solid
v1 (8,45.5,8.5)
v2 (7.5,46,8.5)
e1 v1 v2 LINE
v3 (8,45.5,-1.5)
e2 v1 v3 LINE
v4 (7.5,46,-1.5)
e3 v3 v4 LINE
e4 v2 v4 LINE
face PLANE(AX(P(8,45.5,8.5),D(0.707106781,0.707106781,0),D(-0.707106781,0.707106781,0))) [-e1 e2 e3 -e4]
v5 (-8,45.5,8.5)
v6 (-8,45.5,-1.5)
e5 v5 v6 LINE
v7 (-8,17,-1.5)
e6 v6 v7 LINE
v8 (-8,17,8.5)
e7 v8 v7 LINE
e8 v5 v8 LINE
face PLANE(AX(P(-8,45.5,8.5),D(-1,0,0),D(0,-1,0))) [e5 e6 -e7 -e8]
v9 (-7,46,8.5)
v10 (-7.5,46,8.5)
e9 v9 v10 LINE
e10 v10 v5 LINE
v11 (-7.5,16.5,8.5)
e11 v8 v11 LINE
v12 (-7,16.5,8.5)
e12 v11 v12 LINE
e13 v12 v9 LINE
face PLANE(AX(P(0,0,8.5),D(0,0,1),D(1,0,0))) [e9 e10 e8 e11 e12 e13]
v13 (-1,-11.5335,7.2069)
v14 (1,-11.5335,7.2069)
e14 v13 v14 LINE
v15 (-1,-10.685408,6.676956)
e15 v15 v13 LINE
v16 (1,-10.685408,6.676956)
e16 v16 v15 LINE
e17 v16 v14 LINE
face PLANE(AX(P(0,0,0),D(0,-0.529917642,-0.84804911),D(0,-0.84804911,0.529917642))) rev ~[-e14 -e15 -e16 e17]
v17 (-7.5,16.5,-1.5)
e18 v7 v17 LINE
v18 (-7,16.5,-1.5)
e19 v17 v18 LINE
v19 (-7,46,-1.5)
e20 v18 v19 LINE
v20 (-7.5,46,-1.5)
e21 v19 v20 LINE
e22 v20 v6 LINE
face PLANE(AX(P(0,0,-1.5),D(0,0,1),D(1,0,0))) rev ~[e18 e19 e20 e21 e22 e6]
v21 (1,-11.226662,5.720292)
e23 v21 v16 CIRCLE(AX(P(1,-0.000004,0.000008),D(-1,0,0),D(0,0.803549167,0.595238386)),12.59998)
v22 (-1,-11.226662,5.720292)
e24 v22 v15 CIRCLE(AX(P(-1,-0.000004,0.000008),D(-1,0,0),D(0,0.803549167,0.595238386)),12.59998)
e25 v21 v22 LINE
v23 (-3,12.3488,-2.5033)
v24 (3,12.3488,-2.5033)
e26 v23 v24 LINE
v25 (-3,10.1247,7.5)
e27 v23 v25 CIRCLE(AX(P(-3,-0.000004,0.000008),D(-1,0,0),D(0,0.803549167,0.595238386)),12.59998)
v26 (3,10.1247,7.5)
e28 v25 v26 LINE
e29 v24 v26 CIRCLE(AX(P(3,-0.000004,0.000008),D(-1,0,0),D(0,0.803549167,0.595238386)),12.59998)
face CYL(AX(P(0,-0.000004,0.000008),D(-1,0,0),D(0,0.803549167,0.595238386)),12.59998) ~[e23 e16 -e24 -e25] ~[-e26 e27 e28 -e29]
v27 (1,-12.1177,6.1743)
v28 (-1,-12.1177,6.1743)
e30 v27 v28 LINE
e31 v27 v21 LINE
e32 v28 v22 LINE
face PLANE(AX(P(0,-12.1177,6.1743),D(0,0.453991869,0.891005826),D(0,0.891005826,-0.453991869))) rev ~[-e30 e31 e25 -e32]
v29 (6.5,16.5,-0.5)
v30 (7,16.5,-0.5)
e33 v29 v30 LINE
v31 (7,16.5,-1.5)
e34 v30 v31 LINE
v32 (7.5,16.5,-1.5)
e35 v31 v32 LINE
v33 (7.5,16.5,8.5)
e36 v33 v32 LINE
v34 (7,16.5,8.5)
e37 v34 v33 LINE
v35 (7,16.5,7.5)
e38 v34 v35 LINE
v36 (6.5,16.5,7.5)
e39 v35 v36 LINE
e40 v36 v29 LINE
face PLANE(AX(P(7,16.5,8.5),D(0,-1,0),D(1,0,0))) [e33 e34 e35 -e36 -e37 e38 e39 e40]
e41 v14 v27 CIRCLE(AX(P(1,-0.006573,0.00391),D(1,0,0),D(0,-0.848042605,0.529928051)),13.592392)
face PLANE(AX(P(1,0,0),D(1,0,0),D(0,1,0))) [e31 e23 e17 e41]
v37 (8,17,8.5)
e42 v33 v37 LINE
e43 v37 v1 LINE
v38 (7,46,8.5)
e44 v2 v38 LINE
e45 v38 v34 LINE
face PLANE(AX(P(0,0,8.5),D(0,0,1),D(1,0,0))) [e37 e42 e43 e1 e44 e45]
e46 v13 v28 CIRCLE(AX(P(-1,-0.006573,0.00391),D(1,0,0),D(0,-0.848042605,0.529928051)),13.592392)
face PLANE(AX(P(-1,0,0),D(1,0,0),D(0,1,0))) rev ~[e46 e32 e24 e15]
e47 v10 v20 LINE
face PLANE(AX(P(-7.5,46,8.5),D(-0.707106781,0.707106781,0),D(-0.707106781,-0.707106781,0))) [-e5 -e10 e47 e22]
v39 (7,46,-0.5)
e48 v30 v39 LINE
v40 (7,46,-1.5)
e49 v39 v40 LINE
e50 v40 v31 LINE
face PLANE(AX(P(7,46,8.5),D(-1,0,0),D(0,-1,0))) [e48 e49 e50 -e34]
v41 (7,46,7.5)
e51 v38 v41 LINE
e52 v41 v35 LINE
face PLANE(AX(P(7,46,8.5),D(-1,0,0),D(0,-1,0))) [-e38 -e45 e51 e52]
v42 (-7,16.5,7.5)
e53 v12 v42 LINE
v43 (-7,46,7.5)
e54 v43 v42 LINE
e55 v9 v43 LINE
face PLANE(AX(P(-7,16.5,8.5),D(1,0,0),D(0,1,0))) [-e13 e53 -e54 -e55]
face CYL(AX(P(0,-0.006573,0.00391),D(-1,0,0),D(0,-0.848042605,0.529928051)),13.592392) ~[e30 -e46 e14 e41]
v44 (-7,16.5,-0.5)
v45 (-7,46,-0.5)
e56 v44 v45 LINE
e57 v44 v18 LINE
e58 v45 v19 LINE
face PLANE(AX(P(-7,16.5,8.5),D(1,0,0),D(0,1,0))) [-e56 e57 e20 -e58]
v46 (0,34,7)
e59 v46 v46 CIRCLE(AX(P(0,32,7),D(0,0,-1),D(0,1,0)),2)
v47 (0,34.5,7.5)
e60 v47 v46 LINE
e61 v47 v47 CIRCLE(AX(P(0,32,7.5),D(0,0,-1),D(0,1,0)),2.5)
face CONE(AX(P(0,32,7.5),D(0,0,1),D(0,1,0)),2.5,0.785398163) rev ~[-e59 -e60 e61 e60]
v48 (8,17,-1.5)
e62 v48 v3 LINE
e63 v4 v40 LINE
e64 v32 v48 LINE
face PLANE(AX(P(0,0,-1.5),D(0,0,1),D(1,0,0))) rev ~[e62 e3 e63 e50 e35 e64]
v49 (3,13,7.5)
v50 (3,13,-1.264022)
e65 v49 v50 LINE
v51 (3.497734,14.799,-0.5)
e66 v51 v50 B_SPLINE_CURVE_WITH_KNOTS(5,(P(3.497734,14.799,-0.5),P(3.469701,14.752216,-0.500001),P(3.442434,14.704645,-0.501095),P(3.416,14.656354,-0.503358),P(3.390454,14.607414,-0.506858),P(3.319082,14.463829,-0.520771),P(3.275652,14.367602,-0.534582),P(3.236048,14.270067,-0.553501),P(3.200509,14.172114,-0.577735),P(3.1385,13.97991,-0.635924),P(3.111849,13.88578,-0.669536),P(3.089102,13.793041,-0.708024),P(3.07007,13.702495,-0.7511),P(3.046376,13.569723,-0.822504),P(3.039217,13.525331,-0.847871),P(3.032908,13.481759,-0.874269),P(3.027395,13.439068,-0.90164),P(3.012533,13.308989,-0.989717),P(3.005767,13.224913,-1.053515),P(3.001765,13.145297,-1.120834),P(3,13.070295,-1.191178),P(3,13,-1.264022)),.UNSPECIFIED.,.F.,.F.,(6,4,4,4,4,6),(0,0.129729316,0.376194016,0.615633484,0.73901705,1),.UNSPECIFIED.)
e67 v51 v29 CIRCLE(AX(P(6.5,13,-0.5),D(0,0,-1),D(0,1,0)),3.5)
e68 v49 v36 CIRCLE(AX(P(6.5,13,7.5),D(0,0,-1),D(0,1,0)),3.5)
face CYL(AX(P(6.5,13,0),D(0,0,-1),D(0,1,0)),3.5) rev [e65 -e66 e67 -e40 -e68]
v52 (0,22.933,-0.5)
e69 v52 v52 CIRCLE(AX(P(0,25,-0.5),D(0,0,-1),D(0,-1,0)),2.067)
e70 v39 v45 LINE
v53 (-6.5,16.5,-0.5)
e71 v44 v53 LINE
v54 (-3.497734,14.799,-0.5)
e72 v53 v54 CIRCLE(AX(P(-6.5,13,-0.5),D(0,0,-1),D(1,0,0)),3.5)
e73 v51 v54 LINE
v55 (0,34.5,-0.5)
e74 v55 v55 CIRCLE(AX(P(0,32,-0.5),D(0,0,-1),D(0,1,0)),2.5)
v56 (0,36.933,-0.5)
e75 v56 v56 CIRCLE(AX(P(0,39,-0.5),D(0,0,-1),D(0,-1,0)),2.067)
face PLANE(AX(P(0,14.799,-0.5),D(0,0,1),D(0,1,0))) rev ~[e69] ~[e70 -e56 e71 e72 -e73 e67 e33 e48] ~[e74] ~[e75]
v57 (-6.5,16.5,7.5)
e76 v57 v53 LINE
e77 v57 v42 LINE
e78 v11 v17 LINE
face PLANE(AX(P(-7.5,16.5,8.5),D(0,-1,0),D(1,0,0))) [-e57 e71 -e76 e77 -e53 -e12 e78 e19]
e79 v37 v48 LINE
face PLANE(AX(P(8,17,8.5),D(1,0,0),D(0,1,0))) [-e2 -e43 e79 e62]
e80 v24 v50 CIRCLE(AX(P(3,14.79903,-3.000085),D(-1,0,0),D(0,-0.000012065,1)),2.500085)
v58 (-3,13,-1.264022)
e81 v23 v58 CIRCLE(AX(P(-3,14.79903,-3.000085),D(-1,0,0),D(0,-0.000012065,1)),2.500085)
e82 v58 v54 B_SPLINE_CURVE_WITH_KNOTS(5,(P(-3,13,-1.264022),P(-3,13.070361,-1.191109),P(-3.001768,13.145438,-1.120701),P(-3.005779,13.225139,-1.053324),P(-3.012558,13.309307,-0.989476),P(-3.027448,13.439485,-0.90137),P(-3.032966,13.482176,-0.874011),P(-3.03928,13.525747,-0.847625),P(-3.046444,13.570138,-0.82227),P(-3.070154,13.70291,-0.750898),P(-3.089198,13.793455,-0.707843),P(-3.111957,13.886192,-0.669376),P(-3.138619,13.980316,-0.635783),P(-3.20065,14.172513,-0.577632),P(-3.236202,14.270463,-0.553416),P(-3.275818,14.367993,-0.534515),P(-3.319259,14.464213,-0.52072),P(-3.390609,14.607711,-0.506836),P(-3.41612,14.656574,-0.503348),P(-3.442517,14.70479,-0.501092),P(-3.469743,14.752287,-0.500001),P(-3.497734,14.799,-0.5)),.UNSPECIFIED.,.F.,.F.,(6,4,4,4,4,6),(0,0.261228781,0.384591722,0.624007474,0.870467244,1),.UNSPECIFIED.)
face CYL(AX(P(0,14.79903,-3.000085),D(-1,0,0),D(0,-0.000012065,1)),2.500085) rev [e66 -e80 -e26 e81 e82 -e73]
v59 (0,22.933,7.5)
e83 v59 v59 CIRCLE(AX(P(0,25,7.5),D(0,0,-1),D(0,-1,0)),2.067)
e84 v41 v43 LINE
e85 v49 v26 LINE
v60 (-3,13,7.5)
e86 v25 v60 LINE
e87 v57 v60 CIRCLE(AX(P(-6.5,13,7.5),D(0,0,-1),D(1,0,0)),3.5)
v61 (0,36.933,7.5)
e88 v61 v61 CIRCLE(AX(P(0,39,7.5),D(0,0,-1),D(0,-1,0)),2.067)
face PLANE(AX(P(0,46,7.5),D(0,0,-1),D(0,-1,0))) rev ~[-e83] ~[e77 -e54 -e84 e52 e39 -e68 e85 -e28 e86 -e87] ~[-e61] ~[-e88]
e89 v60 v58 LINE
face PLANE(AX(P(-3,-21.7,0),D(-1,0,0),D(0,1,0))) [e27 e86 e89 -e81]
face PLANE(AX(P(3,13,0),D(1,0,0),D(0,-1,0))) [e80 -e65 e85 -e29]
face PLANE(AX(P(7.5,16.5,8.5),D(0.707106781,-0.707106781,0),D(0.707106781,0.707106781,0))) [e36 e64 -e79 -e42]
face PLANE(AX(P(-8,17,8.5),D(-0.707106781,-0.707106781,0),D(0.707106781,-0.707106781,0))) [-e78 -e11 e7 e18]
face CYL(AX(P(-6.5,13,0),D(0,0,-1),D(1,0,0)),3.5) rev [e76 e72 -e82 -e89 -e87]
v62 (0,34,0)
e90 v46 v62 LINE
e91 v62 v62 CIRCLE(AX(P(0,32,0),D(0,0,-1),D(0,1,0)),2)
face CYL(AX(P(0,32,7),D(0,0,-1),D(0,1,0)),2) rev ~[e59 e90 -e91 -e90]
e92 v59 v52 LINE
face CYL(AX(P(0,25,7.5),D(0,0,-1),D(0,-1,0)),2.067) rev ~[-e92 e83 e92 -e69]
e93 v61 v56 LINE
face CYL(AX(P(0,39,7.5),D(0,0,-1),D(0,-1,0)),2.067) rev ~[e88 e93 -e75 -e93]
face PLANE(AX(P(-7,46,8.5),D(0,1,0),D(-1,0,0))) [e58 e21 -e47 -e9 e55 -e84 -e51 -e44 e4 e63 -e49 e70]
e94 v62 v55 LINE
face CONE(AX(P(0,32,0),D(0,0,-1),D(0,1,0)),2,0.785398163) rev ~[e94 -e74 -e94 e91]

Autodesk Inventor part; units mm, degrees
sketch "Sketch_1" plane through (0, 0, 0) normal (1, 0, 0) x (0, 1, 0)
  arc A0 (10.1247, 7.5) -> (12.3488, -2.5033) centre (0, 0) ccw
  arc A1 (14.799, -0.5) -> (12.3488, -2.5033) centre (14.799, -3) ccw
  line L0 (14.799, -0.5) -> (46, -0.5)
  line L1 (46, -0.5) -> (46, 7.5)
  line L2 (46, 7.5) -> (10.1247, 7.5)
extrude "Extrusion1" add sketch "Sketch_1" along normal mid plane 14
sketch "Sketch_2" plane through (0, 0, 0) normal (0, 0, 1) x (1, 0, 0)
  line L0 (-7, -24.7) -> (7, -24.7)
  line L1 (7, -24.7) -> (7, 16.5)
  line L2 (7, 16.5) -> (6.5, 16.5)
  arc A0 (6.5, 16.5) -> (3, 13) centre (6.5, 13) ccw
  line L3 (3, 13) -> (3, -21.7)
  line L4 (3, -21.7) -> (-3, -21.7)
  line L5 (-3, -21.7) -> (-3, 13)
  arc A1 (-3, 13) -> (-6.5, 16.5) centre (-6.5, 13) ccw
  line L6 (-6.5, 16.5) -> (-7, 16.5)
  line L7 (-7, 16.5) -> (-7, -24.7)
extrude "Extrusion2" cut sketch "Sketch_2" along normal mid plane 30
sketch "Sketch_3" plane through (0, 0, 8.5) normal (0, 0, 1) x (1, 0, 0)
  line L0 (7, 16.5) -> (7.5, 16.5)
  line L1 (7.5, 16.5) -> (8, 17)
  line L2 (8, 17) -> (8, 45.5)
  line L3 (8, 45.5) -> (7.5, 46)
  line L4 (7.5, 46) -> (7, 46)
  line L5 (7, 46) -> (7, 16.5)
extrude "Extrusion3" add sketch "Sketch_3" against normal blind 10
sketch "Sketch_4" plane through (0, 0, 8.5) normal (0, 0, 1) x (1, 0, 0)
  line L0 (-8, 17) -> (-7.5, 16.5)
  line L1 (-7.5, 16.5) -> (-7, 16.5)
  line L2 (-7, 16.5) -> (-7, 46)
  line L3 (-7, 46) -> (-7.5, 46)
  line L4 (-7.5, 46) -> (-8, 45.5)
  line L5 (-8, 45.5) -> (-8, 17)
extrude "Extrusion4" add sketch "Sketch_4" against normal blind 10
sketch "Sketch_5" plane through (0, 0, 0) normal (1, 0, 0) x (0, 1, 0)
  line L0 (32, -0.5) -> (32, 7.5)
  line L1 (32, 7.5) -> (34.5, 7.5)
  line L2 (34.5, 7.5) -> (34, 7)
  line L3 (34, 7) -> (34, 0)
  line L4 (34, 0) -> (34.5, -0.5)
  line L5 (34.5, -0.5) -> (32, -0.5)
  line L6 (32, -0.5) -> (32, 7.5)
revolve "Revolution1" cut sketch "Sketch_5" angle 360 about axis through (0, 32, -0.5) along (0, 0, -1)
sketch "Sketch6" plane through (-3, 10.1247, 7.5) normal (0, 0, 1) x (1, 0, 0)
  point P0 (3, 14.8753)
hole "Hole1" at (0, 25, 7.5) direction (0, 0, -1) diameter 4.134 depth 8 thread size "M5x0.8" class "6H" standard "ISO Metric profile"
sketch "Sketch7" plane through (-3, 10.1247, 7.5) normal (0, 0, 1) x (1, 0, 0)
  point P0 (3, 28.8753)
hole "Hole2" at (0, 39, 7.5) direction (0, 0, -1) diameter 4.134 depth 8 thread size "M5x0.8" class "6H" standard "ISO Metric profile"
sketch "Sketch_9" plane through (0, 0, 0) normal (1, 0, 0) x (0, 1, 0)
  arc A0 (-11.5335, 7.2069) -> (-12.1177, 6.1743) centre (0, 0) ccw
  line L0 (-12.1177, 6.1743) -> (0, 0)
  line L1 (0, 0) -> (-11.5335, 7.2069)
extrude "Extrusion5" add sketch "Sketch_9" along normal mid plane 2
ref_plane "GRIFF_XY" through (0, 0, 0) normal (1, 0, 0) x (0, 0, -1)
ref_plane "GRIFF_YZ" through (0, 0, 0) normal (0, 0, -1) x (0, 1, 0)
ref_plane "GRIFF_ZX" through (0, 0, 0) normal (0, 1, 0) x (1, 0, 0)
properties part number "1310164 DHRS-32-A---(Griff)"
